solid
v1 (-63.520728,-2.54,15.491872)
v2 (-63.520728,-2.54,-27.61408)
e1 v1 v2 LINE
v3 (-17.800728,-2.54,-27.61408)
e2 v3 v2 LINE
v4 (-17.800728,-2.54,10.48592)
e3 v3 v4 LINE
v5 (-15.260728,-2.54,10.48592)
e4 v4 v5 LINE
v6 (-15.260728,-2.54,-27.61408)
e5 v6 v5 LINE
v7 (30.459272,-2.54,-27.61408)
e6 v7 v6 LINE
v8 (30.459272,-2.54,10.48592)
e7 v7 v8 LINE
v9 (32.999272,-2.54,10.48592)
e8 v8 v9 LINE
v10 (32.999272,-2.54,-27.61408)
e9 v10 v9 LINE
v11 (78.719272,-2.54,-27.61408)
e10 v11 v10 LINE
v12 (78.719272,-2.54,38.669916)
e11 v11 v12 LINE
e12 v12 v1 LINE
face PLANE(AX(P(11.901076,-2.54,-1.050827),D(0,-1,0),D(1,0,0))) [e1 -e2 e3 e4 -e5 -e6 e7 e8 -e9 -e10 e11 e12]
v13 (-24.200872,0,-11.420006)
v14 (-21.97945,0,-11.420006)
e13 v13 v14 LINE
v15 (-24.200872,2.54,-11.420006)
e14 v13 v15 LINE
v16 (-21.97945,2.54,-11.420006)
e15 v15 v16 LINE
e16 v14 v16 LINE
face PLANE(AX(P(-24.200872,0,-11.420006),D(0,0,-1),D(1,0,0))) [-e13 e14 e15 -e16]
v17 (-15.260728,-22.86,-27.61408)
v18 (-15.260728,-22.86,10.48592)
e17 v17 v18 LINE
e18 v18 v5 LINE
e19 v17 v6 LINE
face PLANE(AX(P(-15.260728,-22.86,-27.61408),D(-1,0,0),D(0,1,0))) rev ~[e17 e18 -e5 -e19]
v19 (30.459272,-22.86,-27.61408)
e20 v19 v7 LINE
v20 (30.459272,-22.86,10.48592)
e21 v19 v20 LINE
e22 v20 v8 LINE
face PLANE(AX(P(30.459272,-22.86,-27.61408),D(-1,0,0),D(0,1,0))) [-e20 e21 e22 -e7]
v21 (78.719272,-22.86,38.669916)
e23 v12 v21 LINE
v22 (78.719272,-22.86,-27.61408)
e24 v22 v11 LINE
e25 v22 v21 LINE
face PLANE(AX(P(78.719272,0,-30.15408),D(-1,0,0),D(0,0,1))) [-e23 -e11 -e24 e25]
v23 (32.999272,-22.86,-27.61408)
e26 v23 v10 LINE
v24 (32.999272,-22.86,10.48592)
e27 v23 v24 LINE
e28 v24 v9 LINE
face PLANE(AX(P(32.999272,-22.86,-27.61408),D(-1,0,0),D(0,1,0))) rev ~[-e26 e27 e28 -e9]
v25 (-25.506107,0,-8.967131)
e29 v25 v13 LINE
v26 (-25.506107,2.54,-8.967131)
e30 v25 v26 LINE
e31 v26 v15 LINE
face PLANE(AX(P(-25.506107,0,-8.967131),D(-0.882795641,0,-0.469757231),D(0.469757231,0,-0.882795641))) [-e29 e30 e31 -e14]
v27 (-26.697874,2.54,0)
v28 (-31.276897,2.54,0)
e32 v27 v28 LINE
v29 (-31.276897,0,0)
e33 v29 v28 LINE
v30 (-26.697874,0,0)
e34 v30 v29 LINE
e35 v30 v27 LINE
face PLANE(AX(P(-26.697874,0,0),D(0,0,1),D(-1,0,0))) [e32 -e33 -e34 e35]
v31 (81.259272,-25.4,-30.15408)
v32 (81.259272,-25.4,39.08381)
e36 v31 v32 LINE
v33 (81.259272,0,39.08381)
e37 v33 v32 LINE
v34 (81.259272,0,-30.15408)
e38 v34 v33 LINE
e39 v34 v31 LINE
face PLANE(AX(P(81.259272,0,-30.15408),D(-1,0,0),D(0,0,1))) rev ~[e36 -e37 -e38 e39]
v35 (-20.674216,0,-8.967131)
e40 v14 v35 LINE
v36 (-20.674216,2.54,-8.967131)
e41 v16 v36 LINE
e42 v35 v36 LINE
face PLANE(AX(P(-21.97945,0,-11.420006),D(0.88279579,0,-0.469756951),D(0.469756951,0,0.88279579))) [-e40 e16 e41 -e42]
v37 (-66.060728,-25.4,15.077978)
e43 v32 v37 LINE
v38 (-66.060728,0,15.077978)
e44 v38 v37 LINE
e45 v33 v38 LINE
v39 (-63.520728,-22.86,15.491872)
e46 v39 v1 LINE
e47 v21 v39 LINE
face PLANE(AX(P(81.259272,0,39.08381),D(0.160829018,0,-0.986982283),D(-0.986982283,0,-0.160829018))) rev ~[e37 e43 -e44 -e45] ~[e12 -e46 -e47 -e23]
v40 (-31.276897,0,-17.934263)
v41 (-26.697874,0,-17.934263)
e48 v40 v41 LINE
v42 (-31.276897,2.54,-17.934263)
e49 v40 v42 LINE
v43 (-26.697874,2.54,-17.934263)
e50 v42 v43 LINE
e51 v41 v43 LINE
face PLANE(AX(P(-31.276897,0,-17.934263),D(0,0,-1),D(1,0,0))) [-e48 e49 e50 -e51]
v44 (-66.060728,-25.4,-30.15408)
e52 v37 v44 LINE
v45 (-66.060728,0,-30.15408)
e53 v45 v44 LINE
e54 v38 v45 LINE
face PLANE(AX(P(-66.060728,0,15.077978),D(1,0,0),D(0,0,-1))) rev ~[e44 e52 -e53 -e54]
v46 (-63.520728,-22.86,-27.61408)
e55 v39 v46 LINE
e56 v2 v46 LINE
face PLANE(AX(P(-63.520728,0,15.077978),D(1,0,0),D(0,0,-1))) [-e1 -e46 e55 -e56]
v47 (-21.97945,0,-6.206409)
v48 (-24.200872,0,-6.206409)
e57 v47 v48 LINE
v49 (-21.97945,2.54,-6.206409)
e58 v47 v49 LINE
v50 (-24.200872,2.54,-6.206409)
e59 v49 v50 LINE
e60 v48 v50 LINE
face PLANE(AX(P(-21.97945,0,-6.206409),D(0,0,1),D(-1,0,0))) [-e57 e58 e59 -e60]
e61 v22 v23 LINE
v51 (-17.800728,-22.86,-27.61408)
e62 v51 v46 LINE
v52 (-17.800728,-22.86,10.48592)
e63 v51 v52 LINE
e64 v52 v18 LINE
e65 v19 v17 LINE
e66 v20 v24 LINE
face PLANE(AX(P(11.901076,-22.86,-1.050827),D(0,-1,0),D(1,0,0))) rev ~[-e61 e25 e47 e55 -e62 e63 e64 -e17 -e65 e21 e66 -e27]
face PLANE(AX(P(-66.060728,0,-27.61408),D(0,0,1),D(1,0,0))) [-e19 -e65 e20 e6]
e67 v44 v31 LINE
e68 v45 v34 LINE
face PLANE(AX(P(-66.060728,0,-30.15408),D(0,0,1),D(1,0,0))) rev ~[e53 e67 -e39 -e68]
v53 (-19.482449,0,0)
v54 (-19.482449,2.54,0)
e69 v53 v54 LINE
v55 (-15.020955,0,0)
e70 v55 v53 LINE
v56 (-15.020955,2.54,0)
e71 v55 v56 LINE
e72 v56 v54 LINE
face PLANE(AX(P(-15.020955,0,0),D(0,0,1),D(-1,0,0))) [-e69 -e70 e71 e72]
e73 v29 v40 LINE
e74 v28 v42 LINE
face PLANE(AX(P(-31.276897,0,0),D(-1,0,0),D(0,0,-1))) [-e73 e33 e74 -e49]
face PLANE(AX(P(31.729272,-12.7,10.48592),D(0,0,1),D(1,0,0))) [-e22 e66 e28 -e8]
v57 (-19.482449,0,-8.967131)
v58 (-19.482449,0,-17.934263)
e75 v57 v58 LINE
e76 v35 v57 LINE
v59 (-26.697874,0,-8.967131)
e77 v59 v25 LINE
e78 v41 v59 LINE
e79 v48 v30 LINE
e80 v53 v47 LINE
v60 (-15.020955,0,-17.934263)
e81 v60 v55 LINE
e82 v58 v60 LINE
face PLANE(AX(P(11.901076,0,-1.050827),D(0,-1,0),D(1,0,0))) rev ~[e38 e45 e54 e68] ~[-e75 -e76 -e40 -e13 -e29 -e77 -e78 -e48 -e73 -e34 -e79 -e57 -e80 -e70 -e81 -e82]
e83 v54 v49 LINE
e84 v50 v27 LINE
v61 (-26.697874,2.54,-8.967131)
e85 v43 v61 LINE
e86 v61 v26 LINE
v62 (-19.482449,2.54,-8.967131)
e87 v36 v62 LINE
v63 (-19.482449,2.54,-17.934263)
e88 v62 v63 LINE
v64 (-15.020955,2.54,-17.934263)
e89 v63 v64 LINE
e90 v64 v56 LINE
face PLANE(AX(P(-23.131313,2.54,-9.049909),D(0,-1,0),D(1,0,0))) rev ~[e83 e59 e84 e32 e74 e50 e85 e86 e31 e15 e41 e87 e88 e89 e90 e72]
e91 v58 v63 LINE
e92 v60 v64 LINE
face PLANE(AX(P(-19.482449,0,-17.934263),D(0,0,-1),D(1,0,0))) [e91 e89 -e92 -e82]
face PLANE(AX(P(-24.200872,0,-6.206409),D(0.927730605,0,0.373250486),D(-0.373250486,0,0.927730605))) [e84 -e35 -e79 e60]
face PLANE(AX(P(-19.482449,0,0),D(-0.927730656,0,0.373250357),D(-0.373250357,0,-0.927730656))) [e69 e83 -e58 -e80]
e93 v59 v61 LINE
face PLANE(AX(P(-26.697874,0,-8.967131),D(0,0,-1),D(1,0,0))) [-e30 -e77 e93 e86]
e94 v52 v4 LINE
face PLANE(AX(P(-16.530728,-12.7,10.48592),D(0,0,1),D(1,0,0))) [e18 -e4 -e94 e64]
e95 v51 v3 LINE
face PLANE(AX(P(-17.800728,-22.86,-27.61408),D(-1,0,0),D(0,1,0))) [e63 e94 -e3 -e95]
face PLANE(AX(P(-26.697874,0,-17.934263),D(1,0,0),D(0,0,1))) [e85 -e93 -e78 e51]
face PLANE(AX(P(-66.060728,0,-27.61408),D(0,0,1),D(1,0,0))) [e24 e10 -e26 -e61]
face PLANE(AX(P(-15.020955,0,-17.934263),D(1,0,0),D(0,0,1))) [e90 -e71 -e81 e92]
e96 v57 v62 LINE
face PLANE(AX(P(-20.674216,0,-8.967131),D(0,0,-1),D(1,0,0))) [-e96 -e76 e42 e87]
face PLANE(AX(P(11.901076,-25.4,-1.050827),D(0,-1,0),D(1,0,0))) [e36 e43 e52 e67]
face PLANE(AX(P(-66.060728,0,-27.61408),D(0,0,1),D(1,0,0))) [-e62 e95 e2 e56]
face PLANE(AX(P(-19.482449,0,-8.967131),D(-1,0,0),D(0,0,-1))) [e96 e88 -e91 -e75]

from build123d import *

# Parameters (mm, degrees)
F1_DEPTH = 25.4
F2_T     = -2.54
F3_W     = 2.54
F3_H     = 20.32
F4_DEPTH = 38.1
F6_DEPTH = 2.54


with BuildPart() as f1:
    # F0 (on Front) → F1 (new body)
    with BuildSketch(Plane.XZ):
        Polygon((-66.060728, 15.077978), (-66.060728, -30.15408), (81.259272, -30.15408), (81.259272, 39.08381), align=None)
    extrude(amount=F1_DEPTH)

    # F2
    f2_openings = [f1.faces().sort_by_distance(p)[0] for p in [
        (7.599272, -12.7, 27.080894),
    ]]
    offset(amount=F2_T, openings=f2_openings)

    # F3 (on face) → F4 (join)
    with BuildSketch(Plane.XY.offset(-27.61408)):
        with Locations((31.729272, -12.7)):
            Rectangle(F3_W, F3_H)
        with Locations((-16.530728, -12.7)):
            Rectangle(F3_W, F3_H)
    extrude(amount=F4_DEPTH)

    # F5 (on Front) → F6 (join)
    with BuildSketch(Plane.XZ):
        Polygon((-26.697874, 0), (-31.276897, 0), (-31.276897, -17.934263), (-26.697874, -17.934263), (-26.697874, -8.967131), (-25.506107, -8.967131), (-24.200872, -11.420006), (-23.090161, -11.420006), (-21.97945, -11.420006), (-20.674216, -8.967131), (-19.482449, -8.967131), (-19.482449, -17.934263), (-15.020955, -17.934263), (-15.020955, 0), (-19.482449, 0), (-21.97945, -6.206409), (-24.200872, -6.206409), align=None)
    extrude(amount=-F6_DEPTH)


solid = f1.part
